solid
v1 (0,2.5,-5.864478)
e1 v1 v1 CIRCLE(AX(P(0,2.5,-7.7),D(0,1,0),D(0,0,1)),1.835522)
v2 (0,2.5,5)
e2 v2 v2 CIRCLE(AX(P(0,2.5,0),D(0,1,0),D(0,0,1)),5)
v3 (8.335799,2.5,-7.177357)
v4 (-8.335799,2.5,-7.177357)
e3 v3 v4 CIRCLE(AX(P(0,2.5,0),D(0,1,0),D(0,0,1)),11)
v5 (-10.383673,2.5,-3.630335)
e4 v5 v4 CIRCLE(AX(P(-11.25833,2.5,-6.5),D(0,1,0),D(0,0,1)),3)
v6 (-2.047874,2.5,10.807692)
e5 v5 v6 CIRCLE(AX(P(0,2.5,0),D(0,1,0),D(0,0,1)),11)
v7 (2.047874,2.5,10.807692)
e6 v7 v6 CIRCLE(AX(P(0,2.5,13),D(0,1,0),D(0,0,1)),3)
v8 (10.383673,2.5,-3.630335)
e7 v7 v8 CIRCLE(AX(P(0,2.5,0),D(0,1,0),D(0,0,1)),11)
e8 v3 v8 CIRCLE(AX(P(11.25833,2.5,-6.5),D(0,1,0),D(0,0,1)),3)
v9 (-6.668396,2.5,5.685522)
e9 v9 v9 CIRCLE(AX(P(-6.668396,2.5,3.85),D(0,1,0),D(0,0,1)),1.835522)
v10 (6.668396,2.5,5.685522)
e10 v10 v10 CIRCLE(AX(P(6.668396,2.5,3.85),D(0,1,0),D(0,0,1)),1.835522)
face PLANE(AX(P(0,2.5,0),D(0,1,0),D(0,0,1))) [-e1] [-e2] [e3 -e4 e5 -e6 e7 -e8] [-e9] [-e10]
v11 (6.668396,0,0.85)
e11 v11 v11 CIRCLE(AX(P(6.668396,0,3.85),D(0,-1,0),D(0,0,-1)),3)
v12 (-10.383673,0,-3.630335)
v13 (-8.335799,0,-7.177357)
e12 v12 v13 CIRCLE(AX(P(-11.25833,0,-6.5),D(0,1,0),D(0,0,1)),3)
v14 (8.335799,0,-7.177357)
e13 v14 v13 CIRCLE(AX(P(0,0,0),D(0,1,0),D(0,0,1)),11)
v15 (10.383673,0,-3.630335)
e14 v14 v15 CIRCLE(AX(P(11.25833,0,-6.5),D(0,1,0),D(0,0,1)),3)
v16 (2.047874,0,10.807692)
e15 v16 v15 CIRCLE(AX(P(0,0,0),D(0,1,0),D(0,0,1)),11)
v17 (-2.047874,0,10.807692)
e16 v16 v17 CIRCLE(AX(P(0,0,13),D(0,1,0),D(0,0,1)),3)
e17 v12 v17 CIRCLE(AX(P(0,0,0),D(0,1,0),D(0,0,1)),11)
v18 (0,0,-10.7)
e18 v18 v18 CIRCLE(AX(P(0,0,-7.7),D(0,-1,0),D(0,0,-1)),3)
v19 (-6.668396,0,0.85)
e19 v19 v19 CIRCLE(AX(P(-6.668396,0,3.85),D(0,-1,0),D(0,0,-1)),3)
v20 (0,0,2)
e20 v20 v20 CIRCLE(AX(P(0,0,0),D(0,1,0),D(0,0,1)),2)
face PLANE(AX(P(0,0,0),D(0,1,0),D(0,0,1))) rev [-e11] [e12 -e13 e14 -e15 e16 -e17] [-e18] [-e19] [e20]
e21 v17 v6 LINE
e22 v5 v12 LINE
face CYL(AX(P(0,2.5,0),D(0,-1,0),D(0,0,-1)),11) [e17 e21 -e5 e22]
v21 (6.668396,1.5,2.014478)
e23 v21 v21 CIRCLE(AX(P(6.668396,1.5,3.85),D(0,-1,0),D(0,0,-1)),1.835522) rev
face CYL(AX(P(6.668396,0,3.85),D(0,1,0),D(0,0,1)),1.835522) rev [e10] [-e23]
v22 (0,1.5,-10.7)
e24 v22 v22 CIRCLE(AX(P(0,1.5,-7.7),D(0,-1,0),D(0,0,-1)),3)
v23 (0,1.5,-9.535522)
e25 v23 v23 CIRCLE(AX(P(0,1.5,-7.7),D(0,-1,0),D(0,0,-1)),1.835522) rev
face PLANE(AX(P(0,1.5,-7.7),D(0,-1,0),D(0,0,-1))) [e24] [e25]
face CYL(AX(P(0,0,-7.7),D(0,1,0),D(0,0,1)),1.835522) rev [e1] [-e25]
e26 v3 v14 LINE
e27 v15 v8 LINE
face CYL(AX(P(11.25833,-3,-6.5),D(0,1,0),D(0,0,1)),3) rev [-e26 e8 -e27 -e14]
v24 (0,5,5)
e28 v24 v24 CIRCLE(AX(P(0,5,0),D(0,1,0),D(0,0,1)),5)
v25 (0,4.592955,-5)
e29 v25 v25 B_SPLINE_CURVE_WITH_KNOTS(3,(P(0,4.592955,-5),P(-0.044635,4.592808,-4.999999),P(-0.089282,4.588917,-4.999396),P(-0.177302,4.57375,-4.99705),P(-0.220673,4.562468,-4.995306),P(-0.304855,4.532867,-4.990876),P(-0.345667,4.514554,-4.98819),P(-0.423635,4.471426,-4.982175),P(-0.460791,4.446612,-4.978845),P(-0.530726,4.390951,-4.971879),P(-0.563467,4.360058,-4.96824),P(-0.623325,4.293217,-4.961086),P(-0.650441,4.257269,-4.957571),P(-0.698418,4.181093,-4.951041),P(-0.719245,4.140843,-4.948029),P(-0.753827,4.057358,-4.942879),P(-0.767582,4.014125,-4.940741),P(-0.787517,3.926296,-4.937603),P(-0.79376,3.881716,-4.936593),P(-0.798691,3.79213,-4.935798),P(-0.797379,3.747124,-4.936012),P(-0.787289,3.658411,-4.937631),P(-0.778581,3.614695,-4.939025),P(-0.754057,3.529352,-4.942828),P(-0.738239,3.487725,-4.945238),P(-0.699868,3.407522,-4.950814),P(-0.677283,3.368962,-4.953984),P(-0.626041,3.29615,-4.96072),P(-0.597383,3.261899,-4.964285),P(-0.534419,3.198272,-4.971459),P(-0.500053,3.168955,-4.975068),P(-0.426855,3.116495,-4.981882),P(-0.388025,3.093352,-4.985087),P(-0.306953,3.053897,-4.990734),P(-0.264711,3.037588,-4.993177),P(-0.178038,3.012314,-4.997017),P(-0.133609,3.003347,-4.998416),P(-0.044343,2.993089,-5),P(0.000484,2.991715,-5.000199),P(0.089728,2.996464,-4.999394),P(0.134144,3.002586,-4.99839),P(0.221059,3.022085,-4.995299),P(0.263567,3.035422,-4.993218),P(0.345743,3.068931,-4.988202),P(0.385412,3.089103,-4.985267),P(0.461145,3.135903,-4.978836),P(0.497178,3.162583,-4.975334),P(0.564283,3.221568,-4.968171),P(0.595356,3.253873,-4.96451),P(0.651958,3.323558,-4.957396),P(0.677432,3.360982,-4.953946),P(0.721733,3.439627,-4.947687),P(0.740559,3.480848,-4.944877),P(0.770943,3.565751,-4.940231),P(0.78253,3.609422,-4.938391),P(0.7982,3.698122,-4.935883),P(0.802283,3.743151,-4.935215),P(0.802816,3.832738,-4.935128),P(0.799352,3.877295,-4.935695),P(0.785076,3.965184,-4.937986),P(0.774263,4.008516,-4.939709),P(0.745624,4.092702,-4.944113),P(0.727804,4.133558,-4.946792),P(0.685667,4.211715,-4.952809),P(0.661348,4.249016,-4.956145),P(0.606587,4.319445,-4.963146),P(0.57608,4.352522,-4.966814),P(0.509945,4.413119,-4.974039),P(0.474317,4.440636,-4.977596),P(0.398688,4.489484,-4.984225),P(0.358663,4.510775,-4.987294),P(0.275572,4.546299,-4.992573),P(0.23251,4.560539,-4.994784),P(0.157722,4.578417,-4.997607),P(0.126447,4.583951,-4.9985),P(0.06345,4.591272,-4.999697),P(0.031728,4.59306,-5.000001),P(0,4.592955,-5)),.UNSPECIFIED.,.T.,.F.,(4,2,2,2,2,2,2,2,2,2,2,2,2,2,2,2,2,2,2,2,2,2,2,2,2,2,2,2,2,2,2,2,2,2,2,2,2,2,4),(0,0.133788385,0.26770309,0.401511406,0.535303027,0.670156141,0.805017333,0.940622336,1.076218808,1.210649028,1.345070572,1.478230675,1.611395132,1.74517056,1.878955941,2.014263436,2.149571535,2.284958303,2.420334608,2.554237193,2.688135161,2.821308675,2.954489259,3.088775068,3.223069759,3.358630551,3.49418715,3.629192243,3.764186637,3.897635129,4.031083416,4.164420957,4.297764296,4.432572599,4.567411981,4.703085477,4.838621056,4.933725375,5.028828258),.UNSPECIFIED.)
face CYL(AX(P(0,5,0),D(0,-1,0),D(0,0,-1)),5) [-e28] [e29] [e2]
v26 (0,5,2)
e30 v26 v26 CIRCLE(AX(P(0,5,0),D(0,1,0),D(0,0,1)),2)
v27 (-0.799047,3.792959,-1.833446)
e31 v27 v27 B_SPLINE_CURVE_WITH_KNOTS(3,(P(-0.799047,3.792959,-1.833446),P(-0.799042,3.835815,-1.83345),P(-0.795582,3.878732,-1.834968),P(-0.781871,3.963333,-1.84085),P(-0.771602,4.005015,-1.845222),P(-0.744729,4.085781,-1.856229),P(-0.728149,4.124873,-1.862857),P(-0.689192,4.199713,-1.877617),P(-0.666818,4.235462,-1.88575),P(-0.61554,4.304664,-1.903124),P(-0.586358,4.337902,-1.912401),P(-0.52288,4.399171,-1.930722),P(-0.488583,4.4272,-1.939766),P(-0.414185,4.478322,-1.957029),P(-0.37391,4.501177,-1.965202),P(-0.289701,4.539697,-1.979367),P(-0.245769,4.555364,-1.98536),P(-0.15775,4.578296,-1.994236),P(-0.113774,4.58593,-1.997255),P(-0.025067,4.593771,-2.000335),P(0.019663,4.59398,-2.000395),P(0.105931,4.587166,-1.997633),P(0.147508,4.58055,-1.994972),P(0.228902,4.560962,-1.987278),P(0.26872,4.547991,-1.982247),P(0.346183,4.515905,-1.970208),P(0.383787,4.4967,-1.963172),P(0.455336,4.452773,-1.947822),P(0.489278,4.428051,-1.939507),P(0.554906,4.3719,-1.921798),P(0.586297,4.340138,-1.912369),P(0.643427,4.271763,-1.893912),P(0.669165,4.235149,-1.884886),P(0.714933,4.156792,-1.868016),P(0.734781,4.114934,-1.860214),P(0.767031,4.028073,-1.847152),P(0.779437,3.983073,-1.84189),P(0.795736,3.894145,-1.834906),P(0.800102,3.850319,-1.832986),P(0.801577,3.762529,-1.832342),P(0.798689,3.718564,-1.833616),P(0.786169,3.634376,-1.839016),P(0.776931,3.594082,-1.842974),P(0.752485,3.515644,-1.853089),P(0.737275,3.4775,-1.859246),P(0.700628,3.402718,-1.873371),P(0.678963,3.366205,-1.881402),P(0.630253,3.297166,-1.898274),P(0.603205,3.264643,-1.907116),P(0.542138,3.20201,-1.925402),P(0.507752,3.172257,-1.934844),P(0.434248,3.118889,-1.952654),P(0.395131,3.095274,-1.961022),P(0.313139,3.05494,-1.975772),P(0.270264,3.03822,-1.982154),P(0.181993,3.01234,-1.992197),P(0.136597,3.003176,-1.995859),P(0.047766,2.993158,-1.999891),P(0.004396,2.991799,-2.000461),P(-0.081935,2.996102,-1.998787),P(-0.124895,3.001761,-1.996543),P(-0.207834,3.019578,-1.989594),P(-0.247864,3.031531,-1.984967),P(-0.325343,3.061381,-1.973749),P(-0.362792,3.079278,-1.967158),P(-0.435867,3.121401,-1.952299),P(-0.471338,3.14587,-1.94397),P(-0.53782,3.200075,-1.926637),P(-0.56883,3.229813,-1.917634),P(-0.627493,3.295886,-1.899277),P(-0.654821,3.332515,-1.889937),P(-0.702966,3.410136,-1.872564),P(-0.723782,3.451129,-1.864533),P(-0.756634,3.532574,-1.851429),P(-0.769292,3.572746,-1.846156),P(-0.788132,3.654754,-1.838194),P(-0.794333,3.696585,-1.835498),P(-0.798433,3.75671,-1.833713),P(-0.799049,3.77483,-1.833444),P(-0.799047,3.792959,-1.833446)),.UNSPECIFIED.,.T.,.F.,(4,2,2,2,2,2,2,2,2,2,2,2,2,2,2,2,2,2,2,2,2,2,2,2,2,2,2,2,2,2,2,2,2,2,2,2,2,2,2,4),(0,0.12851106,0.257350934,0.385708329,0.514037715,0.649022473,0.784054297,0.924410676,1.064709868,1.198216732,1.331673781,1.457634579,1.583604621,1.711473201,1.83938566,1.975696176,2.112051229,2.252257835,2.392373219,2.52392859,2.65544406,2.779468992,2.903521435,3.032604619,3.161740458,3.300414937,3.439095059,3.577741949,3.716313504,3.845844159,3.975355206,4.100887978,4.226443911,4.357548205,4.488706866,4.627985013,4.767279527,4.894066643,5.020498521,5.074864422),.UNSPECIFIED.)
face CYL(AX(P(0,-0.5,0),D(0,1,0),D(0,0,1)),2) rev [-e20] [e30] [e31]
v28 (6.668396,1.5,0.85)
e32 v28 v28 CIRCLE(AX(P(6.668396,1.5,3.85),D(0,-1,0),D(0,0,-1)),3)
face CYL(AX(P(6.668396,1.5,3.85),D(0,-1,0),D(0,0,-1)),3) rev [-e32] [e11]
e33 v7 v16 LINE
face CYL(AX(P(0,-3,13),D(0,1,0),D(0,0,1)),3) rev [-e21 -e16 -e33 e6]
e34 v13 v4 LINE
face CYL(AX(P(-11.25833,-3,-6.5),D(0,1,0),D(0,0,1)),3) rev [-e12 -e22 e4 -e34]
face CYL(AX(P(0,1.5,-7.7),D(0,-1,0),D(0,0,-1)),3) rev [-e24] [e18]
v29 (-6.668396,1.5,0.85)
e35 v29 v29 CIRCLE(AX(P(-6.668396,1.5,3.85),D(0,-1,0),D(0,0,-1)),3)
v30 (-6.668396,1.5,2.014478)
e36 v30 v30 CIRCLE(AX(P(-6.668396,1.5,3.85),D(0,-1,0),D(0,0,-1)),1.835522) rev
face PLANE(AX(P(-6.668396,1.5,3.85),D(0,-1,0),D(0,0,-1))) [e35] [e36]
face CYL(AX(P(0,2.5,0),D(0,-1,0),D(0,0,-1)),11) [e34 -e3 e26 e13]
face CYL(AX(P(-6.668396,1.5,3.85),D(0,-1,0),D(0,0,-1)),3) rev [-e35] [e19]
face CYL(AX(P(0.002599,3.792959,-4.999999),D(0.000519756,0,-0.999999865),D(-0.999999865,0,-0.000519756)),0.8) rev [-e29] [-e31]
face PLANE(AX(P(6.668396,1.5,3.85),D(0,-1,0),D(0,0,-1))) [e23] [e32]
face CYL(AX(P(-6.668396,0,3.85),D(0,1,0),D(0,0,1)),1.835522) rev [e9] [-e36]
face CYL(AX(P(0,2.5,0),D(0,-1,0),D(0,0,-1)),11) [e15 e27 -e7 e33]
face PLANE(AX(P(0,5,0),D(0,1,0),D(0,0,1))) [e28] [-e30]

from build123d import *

# Parameters (mm, degrees)
ESBO_O1_R                                      = 11
RESSALTO_EXTRUS_O1_DEPTH                       = 2.5
ESBO_O3_R                                      = 1.835521505
CORTE_EXTRUS_O1_DEPTH                          = 2.5
ESBO_O18_R                                     = 5
RESSALTO_EXTRUS_O5_DEPTH                       = 2.5
ESBO_O20_R                                     = 2
CORTE_EXTRUS_O5_DEPTH                          = 5.5
BROCA_DE_ROSQUEAR_PARA_TARRAXA_DE_M2X0_4_REACH = 21.785
BROCA_DE_ROSQUEAR_PARA_TARRAXA_DE_M2_2_R       = 0.8
ESBO_O22_R                                     = 3
CORTE_EXTRUS_O6_DEPTH                          = 5.5
ESBO_O23_R                                     = 3
CORTE_EXTRUS_O7_DEPTH                          = 1.5


with BuildPart() as part:
    # Esboço1 → Ressalto-extrusão1 (new body)
    with BuildSketch(Plane(origin=(0, 0, 0), x_dir=(1, 0, 0), z_dir=(0, 1, 0))):
        with Locations(Location((0, 0, 0), (0, 0, 270))):
            Circle(ESBO_O1_R)
    extrude(amount=RESSALTO_EXTRUS_O1_DEPTH)

    # Esboço3 → Corte-extrusão1 (cut)
    with BuildSketch(Plane(origin=(0, 2.5, 0), x_dir=(1, 0, 0), z_dir=(0, 1, 0))):
        with Locations(Location((0, 7.7, 0), (0, 0, 270))):
            Circle(ESBO_O3_R)
        with Locations(Location((6.668395609, -3.85, 0), (0, 0, 270))):
            Circle(ESBO_O3_R)
        with Locations(Location((-6.668395609, -3.85, 0), (0, 0, 270))):
            Circle(ESBO_O3_R)
    extrude(amount=-CORTE_EXTRUS_O1_DEPTH, mode=Mode.SUBTRACT)

    # Esboço18 → Ressalto-extrusão5 (add)
    with BuildSketch(Plane(origin=(0, 2.5, 0), x_dir=(1, 0, 0), z_dir=(0, 1, 0))):
        with Locations(Location((0, 0, 0), (0, 0, 270))):
            Circle(ESBO_O18_R)
    extrude(amount=RESSALTO_EXTRUS_O5_DEPTH)

    # Esboço20 → Corte-extrusão5 (cut)
    with BuildSketch(Plane(origin=(0, 5, 0), x_dir=(1, 0, 0), z_dir=(0, 1, 0))):
        with Locations(Location((0, 0, 0), (0, 0, 270))):
            Circle(ESBO_O20_R)
    extrude(amount=-CORTE_EXTRUS_O5_DEPTH, mode=Mode.SUBTRACT)

    # Broca de rosquear para tarraxa de M2 2 (on position points) → Broca de rosquear para tarraxa de M2x0.41 (cut, up to next)
    with BuildSketch(Plane(origin=(0.002598781, 3.792959438, -4.999999325), x_dir=(-0.999999864927, 0, -0.000519756122), z_dir=(0.000519756122, 0, -0.999999864927)), mode=Mode.PRIVATE) as broca_de_rosquear_para_tarraxa_de_m2x0_4_sk1:
        Circle(BROCA_DE_ROSQUEAR_PARA_TARRAXA_DE_M2_2_R)
    broca_de_rosquear_para_tarraxa_de_m2x0_4_tool1 = extrude(broca_de_rosquear_para_tarraxa_de_m2x0_4_sk1.sketch, amount=-BROCA_DE_ROSQUEAR_PARA_TARRAXA_DE_M2X0_4_REACH, mode=Mode.PRIVATE) & part.part
    add(broca_de_rosquear_para_tarraxa_de_m2x0_4_tool1.solids().sort_by_distance((0.002599, 3.792959, -4.999999))[0], mode=Mode.SUBTRACT)

    # Esboço22 → Corte-extrusão6 (cut)
    with BuildSketch(Plane(origin=(0, 2.5, 0), x_dir=(1, 0, 0), z_dir=(0, 1, 0))):
        with Locations((-11.258330249, 6.5)):
            Circle(ESBO_O22_R)
        with Locations((0, -13)):
            Circle(ESBO_O22_R)
        with Locations((11.258330249, 6.5)):
            Circle(ESBO_O22_R)
    extrude(amount=-CORTE_EXTRUS_O6_DEPTH, mode=Mode.SUBTRACT)

    # Esboço23 → Corte-extrusão7 (cut)
    with BuildSketch(Plane(origin=(0, 0, 0), x_dir=(-1, 0, 0), z_dir=(0, -1, 0))):
        with Locations(Location((-6.668395609, -3.85, 0), (0, 0, 90))):
            Circle(ESBO_O23_R)
        with Locations(Location((6.668395609, -3.85, 0), (0, 0, 90))):
            Circle(ESBO_O23_R)
        with Locations(Location((0, 7.7, 0), (0, 0, 90))):
            Circle(ESBO_O23_R)
    extrude(amount=-CORTE_EXTRUS_O7_DEPTH, mode=Mode.SUBTRACT)


solid = part.part
